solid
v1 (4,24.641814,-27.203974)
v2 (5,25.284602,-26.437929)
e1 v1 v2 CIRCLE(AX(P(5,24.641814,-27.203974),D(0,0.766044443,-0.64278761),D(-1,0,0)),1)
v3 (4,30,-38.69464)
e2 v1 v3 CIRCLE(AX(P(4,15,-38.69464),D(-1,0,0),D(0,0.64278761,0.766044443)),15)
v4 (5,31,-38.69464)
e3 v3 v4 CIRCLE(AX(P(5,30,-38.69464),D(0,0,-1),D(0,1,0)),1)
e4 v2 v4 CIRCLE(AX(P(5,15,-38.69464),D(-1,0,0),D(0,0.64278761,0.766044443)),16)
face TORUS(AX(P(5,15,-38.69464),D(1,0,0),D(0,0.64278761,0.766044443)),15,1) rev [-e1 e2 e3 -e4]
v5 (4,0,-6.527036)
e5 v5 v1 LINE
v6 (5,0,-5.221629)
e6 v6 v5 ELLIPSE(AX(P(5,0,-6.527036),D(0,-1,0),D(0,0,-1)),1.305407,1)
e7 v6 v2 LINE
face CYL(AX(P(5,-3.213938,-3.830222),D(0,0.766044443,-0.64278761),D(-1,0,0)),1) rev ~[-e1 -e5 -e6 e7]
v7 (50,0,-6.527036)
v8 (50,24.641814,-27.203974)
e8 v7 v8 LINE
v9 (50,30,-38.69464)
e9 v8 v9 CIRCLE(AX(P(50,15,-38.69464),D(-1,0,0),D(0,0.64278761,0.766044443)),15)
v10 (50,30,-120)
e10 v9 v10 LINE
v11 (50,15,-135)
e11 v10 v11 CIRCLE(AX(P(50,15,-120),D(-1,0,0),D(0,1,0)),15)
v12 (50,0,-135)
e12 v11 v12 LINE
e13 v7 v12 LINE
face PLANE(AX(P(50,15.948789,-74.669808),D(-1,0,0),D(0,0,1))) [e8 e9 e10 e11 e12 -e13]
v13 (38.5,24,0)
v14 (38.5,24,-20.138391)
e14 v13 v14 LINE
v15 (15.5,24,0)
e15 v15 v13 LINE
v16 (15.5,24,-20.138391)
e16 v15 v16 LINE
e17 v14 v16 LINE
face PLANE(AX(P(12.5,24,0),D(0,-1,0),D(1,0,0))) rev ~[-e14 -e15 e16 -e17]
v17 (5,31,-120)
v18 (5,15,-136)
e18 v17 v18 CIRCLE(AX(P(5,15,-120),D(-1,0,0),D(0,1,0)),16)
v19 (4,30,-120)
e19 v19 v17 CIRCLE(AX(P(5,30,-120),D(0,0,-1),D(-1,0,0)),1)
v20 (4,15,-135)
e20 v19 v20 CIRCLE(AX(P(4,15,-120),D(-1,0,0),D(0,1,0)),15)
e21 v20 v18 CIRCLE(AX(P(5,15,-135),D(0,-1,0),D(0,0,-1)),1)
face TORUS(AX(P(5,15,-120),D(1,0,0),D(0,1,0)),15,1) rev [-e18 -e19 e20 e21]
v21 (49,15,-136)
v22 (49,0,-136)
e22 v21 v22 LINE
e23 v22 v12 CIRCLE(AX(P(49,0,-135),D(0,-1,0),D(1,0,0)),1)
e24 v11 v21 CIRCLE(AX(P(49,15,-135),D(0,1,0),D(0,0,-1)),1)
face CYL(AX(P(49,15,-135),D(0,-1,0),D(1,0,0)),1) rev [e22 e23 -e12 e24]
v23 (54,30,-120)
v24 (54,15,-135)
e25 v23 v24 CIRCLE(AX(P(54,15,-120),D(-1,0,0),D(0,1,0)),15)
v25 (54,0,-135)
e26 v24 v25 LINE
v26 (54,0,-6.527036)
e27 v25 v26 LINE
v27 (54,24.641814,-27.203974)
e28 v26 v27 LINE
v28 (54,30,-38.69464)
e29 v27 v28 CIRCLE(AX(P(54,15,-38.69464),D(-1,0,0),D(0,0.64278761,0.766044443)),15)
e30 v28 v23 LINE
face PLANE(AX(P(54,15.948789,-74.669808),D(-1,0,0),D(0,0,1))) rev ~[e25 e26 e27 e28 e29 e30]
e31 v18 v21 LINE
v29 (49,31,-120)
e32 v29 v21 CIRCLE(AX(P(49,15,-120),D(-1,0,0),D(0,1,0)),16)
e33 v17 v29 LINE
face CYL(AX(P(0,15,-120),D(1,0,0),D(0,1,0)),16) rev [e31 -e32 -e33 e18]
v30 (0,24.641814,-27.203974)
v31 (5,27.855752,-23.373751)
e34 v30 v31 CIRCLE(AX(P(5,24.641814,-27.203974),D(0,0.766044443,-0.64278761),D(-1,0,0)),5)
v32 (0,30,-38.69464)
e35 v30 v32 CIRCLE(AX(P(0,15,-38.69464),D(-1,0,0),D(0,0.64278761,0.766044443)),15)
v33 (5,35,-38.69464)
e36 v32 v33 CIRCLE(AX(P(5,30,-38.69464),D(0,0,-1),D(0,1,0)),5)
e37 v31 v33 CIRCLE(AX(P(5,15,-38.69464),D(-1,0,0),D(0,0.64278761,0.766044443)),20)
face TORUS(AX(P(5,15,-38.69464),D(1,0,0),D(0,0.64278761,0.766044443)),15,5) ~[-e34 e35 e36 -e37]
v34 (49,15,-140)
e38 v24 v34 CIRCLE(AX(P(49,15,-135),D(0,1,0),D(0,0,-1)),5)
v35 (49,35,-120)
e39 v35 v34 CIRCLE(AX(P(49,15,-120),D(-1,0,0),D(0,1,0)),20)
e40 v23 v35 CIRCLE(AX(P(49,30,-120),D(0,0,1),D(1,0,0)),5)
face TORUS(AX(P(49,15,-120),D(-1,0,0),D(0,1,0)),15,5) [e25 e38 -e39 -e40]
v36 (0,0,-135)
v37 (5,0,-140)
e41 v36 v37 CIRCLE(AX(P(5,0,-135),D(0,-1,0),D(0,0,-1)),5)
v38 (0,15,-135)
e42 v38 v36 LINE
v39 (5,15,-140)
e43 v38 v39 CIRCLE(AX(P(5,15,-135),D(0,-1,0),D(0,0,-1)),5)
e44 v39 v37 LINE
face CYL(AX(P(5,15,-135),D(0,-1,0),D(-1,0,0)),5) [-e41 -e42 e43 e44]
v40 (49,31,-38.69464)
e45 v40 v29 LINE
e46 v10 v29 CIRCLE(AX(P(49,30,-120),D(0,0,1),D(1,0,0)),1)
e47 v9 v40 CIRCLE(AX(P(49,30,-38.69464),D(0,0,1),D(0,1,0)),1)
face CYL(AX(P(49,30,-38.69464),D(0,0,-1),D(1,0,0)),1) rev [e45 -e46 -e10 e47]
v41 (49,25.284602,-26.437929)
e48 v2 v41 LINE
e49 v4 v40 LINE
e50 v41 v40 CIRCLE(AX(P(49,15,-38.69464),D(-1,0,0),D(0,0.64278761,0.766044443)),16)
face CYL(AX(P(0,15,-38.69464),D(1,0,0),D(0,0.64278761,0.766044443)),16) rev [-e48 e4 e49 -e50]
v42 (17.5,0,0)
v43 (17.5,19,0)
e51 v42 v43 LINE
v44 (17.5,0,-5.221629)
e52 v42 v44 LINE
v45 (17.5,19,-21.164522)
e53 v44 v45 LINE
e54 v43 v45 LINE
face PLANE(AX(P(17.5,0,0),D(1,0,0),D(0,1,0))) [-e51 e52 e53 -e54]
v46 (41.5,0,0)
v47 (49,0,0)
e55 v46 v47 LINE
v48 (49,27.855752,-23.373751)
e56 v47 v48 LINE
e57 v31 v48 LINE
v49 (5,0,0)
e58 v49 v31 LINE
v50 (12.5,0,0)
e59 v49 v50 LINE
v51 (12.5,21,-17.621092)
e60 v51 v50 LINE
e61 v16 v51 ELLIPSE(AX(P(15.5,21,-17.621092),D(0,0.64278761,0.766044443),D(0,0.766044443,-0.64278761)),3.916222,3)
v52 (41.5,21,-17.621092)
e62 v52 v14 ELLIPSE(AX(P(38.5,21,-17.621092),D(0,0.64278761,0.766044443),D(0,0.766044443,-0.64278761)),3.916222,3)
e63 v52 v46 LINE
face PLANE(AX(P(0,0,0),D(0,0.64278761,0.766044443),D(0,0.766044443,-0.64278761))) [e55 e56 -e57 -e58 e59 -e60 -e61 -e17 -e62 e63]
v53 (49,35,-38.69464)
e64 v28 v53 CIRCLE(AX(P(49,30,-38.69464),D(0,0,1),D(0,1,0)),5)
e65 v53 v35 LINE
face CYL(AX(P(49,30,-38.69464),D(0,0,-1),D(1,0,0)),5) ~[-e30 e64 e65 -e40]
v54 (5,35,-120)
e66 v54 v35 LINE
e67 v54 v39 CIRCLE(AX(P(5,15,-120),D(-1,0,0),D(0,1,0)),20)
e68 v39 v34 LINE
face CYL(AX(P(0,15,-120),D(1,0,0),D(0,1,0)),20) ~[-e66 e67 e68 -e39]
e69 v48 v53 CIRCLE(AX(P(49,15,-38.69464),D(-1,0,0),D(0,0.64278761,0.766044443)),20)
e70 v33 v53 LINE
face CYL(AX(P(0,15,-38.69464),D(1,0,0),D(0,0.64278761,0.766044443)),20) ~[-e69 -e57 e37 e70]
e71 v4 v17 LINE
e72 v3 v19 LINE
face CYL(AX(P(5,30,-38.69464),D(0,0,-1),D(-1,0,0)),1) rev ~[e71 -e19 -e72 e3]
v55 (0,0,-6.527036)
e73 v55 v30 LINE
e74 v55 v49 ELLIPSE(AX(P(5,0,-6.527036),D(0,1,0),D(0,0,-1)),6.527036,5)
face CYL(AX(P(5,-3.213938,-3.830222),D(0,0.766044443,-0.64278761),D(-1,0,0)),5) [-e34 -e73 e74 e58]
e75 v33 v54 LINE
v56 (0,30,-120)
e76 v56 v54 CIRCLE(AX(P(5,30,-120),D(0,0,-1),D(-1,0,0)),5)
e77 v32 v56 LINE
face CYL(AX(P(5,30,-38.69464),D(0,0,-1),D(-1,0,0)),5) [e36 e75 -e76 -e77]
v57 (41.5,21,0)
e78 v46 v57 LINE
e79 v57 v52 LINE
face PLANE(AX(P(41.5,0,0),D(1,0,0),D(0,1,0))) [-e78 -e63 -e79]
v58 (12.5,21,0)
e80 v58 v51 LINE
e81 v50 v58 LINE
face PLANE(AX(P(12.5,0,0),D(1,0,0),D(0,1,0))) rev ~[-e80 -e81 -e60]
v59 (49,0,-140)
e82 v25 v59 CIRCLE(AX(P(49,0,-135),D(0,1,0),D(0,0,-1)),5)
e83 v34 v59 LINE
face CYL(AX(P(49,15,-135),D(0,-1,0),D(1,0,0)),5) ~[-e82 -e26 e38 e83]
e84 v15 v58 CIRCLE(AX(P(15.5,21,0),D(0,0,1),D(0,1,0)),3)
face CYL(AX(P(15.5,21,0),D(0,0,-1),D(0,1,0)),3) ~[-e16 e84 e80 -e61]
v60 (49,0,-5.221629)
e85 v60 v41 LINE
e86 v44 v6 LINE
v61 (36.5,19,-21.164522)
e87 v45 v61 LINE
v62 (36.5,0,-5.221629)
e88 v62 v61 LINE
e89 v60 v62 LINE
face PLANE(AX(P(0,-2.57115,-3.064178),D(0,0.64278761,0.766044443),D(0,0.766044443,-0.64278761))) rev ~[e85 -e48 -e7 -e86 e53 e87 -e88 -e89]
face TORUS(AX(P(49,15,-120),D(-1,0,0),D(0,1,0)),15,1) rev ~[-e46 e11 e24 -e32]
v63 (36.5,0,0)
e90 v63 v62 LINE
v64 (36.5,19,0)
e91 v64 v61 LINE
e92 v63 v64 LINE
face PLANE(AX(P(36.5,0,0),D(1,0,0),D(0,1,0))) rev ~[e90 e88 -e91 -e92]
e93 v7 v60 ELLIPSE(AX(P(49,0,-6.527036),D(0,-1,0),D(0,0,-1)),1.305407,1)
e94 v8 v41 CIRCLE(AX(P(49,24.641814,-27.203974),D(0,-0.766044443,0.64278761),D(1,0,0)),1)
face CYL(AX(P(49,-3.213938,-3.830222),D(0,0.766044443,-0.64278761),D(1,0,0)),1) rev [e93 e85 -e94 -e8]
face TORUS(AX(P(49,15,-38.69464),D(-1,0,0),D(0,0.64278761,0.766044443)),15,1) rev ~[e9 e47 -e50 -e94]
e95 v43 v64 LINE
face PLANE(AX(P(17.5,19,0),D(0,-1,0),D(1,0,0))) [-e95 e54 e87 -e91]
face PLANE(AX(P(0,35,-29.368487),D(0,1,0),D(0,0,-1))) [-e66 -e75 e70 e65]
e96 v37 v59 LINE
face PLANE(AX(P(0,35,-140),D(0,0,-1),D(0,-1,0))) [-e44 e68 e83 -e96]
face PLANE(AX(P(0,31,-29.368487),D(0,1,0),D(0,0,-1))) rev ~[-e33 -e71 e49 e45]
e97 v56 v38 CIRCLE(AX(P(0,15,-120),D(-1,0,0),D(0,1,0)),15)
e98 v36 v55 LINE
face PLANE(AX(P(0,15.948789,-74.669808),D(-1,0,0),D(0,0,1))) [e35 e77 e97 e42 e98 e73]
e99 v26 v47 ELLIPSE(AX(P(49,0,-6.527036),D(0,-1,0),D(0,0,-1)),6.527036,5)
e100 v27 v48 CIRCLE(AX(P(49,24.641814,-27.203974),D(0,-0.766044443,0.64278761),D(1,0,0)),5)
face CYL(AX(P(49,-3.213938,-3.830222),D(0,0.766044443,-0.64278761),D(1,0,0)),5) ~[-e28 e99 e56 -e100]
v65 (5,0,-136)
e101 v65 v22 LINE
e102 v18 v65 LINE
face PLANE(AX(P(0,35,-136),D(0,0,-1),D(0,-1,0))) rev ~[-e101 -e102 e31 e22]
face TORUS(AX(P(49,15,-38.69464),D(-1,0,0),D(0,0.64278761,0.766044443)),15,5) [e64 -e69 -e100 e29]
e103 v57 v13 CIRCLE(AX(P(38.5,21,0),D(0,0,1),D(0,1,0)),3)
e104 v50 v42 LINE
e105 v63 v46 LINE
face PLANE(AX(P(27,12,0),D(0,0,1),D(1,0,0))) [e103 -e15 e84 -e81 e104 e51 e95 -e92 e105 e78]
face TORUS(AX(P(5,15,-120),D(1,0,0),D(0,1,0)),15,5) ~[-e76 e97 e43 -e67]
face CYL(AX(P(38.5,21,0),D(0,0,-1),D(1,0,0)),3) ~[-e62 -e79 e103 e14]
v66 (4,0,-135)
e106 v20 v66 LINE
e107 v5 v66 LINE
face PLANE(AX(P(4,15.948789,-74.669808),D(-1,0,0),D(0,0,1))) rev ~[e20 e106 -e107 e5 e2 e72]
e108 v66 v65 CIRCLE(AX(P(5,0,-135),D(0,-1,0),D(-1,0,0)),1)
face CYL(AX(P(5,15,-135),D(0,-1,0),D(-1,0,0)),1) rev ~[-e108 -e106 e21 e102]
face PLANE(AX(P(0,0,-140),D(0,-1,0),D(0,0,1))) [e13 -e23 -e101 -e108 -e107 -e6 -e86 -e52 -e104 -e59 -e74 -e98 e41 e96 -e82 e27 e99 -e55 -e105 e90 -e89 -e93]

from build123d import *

# Parameters (mm, degrees)
BOSS_EXTRUDE1_DEPTH = 54
FILLET1_R           = 20
FILLET2_R           = 5
SHELL1_T            = -4
BOSS_EXTRUDE2_REACH = 156.081
SKETCH2_W           = 29
SKETCH2_H           = 24
SKETCH3_W           = 19
SKETCH3_H           = 19
CUT_EXTRUDE1_DEPTH  = 54
FILLET3_R           = 3


with BuildPart() as part:
    # Sketch1 → Boss-Extrude1 (new body)
    with BuildSketch(Plane(origin=(0, 0, 0), x_dir=(0, 0, -1), z_dir=(1, 0, 0))):
        Polygon((0, 0), (29.368487091, 35), (140, 35), (140, 0), align=None)
    extrude(amount=BOSS_EXTRUDE1_DEPTH)

    # Fillet1
    fillet1_edges = [part.edges().sort_by_distance(p)[0] for p in [
        (27, 35, -29.368487091),
        (27, 35, -140),
    ]]
    fillet(fillet1_edges, radius=FILLET1_R)

    # Fillet2
    fillet2_edges = [part.edges().sort_by_distance(p)[0] for p in [
        (0, 35, -79.347320127),
        (54, 35, -79.347320127),
        (0, 13.927876097, -11.686875696),
        (0, 33.126155741, -30.242275019),
        (0, 29.142135624, -134.142135624),
        (54, 13.927876097, -11.686875696),
        (54, 33.126155741, -30.242275019),
        (54, 29.142135624, -134.142135624),
        (0, 7.5, -140),
        (54, 7.5, -140),
    ]]
    fillet(fillet2_edges, radius=FILLET2_R)

    # Shell1
    shell1_openings = [part.faces().sort_by_distance(p)[0] for p in [
        (27, 0, -70.029322897),
    ]]
    offset(amount=SHELL1_T, openings=shell1_openings, kind=Kind.INTERSECTION)

    # Boss-Extrude2: up to this face of the body (flat: up to its plane)
    boss_extrude2_end = Plane(part.part.faces().sort_by_distance((27, 13.927876097, -11.686875696))[0])
    # Sketch2 → Boss-Extrude2 (add, up to the picked face)
    with BuildSketch(Plane.XY, mode=Mode.PRIVATE) as boss_extrude2_sk1:
        with Locations((27, 12)):
            Rectangle(SKETCH2_W, SKETCH2_H)
    boss_extrude2_tool1 = split(extrude(boss_extrude2_sk1.sketch, amount=-BOSS_EXTRUDE2_REACH, mode=Mode.PRIVATE), bisect_by=boss_extrude2_end, keep=Keep.BOTH, mode=Mode.PRIVATE)
    add(boss_extrude2_tool1.solids().sort_by(Axis((27, 12, 0), (0, 0, -1)))[0])

    # Sketch3 → Cut-Extrude1 (cut)
    with BuildSketch(Plane.XY):
        with Locations((27, 9.5)):
            Rectangle(SKETCH3_W, SKETCH3_H)
    extrude(amount=-CUT_EXTRUDE1_DEPTH, mode=Mode.SUBTRACT)

    # Fillet3
    fillet3_edges = [part.edges().sort_by_distance(p)[0] for p in [
        (41.5, 24, -10.069195574),
        (12.5, 24, -10.069195574),
    ]]
    fillet(fillet3_edges, radius=FILLET3_R)


solid = part.part
